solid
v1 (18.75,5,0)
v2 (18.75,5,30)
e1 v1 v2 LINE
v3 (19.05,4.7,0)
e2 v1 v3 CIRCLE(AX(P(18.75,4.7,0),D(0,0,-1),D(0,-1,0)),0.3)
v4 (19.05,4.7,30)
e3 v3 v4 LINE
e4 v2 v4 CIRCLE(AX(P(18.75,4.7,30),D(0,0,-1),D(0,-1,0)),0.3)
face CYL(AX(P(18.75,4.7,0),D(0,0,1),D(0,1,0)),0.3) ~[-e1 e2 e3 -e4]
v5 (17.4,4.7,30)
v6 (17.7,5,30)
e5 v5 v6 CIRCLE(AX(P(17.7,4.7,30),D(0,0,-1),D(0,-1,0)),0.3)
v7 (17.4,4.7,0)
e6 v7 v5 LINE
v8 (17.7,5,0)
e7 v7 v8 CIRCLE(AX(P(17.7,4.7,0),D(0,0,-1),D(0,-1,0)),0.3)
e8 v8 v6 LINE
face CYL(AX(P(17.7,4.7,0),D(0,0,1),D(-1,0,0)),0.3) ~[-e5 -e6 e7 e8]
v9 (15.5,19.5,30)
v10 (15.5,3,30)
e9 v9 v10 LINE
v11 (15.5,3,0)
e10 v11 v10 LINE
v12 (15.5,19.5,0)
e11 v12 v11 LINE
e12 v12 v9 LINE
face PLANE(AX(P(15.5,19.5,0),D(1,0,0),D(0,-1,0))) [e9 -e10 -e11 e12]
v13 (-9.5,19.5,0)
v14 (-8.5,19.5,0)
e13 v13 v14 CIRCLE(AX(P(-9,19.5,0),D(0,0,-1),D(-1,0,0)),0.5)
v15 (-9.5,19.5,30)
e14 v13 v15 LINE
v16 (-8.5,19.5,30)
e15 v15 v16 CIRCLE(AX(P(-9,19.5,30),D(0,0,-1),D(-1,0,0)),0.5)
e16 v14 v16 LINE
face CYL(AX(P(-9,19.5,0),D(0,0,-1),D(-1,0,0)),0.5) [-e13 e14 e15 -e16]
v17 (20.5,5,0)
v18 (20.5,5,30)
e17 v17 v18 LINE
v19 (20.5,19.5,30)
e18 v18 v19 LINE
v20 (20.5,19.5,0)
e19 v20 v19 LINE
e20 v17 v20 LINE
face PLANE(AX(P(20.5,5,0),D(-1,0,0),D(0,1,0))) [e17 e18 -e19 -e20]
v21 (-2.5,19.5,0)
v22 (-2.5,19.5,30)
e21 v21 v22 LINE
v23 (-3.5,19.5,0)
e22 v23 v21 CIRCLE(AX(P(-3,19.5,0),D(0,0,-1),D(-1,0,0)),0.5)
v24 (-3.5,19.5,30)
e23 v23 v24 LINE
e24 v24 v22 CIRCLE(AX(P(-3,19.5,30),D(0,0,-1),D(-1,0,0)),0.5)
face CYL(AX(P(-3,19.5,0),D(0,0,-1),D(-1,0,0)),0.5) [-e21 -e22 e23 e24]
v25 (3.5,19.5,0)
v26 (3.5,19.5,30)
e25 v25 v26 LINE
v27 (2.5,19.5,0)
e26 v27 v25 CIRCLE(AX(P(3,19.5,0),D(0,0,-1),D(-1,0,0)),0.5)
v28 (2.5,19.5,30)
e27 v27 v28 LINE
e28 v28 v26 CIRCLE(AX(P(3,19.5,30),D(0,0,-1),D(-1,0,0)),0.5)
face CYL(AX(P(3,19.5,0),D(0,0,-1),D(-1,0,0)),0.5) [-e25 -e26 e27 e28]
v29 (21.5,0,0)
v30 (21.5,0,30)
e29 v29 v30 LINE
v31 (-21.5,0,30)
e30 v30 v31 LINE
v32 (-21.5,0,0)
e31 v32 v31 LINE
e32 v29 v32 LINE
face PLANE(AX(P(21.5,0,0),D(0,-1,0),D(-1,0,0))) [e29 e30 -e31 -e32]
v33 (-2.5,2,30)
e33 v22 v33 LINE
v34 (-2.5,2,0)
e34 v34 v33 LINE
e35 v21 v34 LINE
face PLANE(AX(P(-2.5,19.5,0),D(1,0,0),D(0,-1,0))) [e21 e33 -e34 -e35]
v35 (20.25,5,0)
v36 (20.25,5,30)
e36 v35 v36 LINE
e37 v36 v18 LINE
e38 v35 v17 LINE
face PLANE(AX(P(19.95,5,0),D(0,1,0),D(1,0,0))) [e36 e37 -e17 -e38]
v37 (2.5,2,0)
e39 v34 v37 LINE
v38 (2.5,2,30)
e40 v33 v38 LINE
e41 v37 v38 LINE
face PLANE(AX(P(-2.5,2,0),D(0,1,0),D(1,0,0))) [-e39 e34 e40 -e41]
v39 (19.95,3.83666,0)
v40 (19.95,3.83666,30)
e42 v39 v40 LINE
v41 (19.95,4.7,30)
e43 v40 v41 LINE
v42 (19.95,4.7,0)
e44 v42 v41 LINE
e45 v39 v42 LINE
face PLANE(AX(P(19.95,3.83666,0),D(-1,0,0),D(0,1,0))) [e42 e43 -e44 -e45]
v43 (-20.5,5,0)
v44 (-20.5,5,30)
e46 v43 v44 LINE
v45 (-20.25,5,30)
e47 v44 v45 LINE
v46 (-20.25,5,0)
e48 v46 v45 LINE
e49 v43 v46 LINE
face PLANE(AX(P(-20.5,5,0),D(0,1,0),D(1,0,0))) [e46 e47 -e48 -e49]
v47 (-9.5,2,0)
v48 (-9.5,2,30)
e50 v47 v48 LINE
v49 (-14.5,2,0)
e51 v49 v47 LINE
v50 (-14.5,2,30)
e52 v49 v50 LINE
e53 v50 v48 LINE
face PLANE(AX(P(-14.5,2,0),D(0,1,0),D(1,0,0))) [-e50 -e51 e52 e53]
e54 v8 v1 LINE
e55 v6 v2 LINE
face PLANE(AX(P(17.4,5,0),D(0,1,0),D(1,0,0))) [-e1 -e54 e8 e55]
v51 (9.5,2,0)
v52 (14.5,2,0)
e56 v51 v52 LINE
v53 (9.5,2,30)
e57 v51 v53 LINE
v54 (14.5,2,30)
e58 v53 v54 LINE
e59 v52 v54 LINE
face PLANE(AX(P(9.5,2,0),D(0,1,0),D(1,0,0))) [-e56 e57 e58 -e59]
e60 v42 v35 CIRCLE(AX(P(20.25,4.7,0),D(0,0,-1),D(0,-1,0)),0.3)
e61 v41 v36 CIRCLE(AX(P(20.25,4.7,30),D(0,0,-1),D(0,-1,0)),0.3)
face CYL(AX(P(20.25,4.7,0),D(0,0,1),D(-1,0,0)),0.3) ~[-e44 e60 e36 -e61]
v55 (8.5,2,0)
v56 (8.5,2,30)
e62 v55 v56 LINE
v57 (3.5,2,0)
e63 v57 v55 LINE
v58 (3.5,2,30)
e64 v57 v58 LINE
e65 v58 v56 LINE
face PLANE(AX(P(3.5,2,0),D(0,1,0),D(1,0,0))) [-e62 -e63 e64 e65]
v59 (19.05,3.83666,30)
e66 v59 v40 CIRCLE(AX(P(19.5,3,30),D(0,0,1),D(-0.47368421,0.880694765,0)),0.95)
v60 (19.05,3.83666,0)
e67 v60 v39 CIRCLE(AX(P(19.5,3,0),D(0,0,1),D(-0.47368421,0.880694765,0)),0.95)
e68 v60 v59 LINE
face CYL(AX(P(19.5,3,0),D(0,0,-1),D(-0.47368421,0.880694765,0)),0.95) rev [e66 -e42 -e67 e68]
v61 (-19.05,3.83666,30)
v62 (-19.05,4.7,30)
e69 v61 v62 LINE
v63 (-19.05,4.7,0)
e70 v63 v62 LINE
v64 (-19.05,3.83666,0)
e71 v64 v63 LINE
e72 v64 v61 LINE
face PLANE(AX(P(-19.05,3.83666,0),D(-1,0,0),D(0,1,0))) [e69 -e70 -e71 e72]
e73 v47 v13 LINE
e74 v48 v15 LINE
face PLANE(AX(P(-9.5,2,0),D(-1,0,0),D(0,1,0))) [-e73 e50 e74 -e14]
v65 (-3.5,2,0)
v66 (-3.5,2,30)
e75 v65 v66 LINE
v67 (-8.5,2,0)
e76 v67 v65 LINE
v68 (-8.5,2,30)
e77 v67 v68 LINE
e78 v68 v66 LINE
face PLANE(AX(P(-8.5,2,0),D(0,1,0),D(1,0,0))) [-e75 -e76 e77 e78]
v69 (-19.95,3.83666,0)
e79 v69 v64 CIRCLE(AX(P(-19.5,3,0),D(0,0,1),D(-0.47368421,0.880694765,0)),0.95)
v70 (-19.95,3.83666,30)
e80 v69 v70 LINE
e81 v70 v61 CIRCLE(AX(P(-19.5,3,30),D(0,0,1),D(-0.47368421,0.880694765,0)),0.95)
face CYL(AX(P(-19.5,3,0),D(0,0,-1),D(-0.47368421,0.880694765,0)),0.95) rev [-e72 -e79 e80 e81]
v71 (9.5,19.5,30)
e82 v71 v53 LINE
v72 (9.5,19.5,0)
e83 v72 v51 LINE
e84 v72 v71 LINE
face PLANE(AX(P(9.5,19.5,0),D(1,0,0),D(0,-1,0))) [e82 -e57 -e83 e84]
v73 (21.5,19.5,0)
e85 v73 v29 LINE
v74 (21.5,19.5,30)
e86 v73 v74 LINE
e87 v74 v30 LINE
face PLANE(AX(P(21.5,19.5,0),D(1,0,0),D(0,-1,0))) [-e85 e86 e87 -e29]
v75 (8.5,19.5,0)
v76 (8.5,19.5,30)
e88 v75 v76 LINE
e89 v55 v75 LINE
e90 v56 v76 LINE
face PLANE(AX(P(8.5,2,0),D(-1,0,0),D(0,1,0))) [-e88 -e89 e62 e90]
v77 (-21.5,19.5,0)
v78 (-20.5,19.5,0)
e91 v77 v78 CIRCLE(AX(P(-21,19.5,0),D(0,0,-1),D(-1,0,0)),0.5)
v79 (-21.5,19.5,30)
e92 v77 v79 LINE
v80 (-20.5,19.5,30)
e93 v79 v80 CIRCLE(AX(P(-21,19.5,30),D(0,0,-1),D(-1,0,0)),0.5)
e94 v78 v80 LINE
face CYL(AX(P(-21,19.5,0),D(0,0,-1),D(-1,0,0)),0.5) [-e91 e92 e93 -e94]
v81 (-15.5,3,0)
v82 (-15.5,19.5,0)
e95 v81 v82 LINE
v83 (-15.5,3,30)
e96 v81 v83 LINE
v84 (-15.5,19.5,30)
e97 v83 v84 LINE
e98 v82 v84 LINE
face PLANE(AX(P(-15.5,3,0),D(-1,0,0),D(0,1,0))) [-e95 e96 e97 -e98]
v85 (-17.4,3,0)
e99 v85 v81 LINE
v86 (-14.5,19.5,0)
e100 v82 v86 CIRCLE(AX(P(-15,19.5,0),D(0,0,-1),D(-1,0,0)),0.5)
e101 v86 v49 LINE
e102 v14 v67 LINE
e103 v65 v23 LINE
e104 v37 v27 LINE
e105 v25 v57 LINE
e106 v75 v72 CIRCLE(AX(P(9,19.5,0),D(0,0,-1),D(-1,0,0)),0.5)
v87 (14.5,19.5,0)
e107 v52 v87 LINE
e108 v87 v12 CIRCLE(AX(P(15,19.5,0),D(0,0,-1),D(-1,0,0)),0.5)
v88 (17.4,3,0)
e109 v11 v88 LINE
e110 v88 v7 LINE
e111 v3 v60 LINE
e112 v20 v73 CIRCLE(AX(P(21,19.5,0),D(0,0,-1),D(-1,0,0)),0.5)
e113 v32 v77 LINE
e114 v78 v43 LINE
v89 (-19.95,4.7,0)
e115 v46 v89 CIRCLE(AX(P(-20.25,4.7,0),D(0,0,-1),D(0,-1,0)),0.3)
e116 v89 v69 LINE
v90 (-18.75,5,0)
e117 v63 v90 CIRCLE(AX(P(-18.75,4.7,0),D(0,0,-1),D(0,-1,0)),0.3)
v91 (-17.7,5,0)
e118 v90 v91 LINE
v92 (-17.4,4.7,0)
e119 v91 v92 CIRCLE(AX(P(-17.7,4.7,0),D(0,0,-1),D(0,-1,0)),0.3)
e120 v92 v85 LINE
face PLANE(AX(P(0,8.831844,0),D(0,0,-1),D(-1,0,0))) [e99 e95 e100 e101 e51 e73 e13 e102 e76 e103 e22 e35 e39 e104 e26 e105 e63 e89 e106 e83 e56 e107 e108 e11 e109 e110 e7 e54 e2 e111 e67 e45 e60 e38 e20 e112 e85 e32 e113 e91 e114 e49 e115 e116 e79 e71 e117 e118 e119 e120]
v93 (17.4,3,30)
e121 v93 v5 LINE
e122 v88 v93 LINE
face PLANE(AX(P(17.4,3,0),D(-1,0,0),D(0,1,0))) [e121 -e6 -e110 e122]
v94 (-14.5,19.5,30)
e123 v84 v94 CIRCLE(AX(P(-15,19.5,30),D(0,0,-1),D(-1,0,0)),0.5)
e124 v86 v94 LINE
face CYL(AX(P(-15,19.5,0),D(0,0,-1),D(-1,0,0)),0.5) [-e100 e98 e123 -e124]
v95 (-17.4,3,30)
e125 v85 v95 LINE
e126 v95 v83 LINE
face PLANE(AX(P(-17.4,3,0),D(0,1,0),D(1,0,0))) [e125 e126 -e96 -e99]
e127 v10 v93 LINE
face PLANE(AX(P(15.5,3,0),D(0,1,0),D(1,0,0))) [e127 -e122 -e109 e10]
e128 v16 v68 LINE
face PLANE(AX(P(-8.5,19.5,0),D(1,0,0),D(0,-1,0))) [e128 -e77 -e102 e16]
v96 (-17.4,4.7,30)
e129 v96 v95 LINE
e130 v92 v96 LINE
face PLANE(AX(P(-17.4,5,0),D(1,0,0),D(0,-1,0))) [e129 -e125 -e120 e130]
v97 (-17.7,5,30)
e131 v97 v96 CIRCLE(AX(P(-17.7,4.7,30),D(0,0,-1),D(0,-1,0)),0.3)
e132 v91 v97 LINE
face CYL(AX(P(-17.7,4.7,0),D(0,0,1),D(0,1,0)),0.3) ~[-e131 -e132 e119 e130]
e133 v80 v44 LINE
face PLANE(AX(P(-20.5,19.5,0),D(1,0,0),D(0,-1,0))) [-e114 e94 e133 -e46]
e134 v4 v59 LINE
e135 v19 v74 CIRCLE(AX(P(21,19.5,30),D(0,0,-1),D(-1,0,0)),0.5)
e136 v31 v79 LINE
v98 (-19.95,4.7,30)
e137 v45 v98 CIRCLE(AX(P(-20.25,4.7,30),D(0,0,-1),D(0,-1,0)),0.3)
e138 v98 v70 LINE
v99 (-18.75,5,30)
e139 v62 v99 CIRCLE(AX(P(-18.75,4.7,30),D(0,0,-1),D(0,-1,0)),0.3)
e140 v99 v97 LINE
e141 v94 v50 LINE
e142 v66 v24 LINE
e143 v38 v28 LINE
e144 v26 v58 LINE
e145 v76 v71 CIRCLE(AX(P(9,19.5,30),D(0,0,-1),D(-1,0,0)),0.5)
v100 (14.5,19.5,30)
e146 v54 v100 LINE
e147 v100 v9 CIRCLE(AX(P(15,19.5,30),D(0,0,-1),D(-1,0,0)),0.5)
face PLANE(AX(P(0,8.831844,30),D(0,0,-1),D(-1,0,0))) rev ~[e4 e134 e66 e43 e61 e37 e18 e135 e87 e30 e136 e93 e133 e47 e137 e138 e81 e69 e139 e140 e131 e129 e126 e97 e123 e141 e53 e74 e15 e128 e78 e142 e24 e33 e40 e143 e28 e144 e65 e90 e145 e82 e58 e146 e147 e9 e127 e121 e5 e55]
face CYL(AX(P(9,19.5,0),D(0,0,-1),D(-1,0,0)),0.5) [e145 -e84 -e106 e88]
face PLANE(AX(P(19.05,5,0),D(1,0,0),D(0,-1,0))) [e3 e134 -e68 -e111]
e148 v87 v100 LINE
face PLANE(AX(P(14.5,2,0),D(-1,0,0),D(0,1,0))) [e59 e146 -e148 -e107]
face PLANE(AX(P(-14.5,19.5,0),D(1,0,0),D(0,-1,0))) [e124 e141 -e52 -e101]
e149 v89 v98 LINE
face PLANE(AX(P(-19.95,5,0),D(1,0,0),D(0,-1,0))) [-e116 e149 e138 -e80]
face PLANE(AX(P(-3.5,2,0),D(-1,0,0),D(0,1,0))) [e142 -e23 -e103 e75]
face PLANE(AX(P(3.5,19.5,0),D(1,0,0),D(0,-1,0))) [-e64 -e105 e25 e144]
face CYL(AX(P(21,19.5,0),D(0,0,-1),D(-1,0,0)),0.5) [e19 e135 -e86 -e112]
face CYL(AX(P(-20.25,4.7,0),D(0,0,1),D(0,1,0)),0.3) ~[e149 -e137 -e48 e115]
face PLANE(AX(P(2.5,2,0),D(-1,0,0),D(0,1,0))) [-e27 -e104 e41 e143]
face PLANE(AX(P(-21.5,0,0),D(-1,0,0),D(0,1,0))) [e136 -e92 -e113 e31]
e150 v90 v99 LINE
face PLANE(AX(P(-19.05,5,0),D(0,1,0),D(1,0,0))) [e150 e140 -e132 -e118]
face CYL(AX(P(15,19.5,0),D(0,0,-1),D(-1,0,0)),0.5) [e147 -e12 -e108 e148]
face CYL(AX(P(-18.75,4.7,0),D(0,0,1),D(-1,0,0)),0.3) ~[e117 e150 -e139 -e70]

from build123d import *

# Parameters (mm, degrees)
EXTRUDE_1_DEPTH = 30
FILLET_1_R      = 0.3


with BuildPart() as part:
    # Эскиз1 → Бобышка-Вытянуть1 (new body)
    with BuildSketch(Plane.XY):
        with BuildLine():
            Line((21.5, 0), (-21.5, 0))
            Line((-21.5, 0), (-21.5, 19.5))
            ThreePointArc((-21.5, 19.5), (-21, 20), (-20.5, 19.5))
            Line((-20.5, 19.5), (-20.5, 5))
            Line((-20.5, 5), (-19.95, 5))
            Line((-19.95, 5), (-19.95, 3.836660027))
            ThreePointArc((-19.95, 3.836660027), (-19.5, 2.05), (-19.05, 3.836660027))
            Line((-19.05, 3.836660027), (-19.05, 5))
            Line((-19.05, 5), (-17.4, 5))
            Line((-17.4, 5), (-17.4, 3))
            Line((-17.4, 3), (-15.5, 3))
            Line((-15.5, 3), (-15.5, 19.5))
            ThreePointArc((-15.5, 19.5), (-15, 20), (-14.5, 19.5))
            Line((-14.5, 19.5), (-14.5, 2))
            Line((-14.5, 2), (-9.5, 2))
            Line((-9.5, 2), (-9.5, 19.5))
            ThreePointArc((-9.5, 19.5), (-9, 20), (-8.5, 19.5))
            Line((-8.5, 19.5), (-8.5, 2))
            Line((-8.5, 2), (-3.5, 2))
            Line((-3.5, 2), (-3.5, 19.5))
            ThreePointArc((-3.5, 19.5), (-3, 20), (-2.5, 19.5))
            Line((-2.5, 19.5), (-2.5, 2))
            Line((-2.5, 2), (2.5, 2))
            Line((2.5, 2), (2.5, 19.5))
            ThreePointArc((2.5, 19.5), (3, 20), (3.5, 19.5))
            Line((3.5, 19.5), (3.5, 2))
            Line((3.5, 2), (8.5, 2))
            Line((8.5, 2), (8.5, 19.5))
            ThreePointArc((8.5, 19.5), (9, 20), (9.5, 19.5))
            Line((9.5, 19.5), (9.5, 2))
            Line((9.5, 2), (14.5, 2))
            Line((14.5, 2), (14.5, 19.5))
            ThreePointArc((14.5, 19.5), (15, 20), (15.5, 19.5))
            Line((15.5, 19.5), (15.5, 3))
            Line((15.5, 3), (17.4, 3))
            Line((17.4, 3), (17.4, 5))
            Line((17.4, 5), (19.05, 5))
            Line((19.05, 5), (19.05, 3.836660027))
            ThreePointArc((19.05, 3.836660027), (19.5, 2.05), (19.95, 3.836660027))
            Line((19.95, 3.836660027), (19.95, 5))
            Line((19.95, 5), (20.5, 5))
            Line((20.5, 5), (20.5, 19.5))
            ThreePointArc((20.5, 19.5), (21, 20), (21.5, 19.5))
            Line((21.5, 19.5), (21.5, 0))
        make_face()
    extrude(amount=EXTRUDE_1_DEPTH)

    # Скругление1
    fillet_1_edges = [part.edges().sort_by_distance(p)[0] for p in [
        (-19.95, 5, 15),
        (-19.05, 5, 15),
        (-17.4, 5, 15),
        (17.4, 5, 15),
        (19.05, 5, 15),
        (19.95, 5, 15),
    ]]
    fillet(fillet_1_edges, radius=FILLET_1_R)


solid = part.part
